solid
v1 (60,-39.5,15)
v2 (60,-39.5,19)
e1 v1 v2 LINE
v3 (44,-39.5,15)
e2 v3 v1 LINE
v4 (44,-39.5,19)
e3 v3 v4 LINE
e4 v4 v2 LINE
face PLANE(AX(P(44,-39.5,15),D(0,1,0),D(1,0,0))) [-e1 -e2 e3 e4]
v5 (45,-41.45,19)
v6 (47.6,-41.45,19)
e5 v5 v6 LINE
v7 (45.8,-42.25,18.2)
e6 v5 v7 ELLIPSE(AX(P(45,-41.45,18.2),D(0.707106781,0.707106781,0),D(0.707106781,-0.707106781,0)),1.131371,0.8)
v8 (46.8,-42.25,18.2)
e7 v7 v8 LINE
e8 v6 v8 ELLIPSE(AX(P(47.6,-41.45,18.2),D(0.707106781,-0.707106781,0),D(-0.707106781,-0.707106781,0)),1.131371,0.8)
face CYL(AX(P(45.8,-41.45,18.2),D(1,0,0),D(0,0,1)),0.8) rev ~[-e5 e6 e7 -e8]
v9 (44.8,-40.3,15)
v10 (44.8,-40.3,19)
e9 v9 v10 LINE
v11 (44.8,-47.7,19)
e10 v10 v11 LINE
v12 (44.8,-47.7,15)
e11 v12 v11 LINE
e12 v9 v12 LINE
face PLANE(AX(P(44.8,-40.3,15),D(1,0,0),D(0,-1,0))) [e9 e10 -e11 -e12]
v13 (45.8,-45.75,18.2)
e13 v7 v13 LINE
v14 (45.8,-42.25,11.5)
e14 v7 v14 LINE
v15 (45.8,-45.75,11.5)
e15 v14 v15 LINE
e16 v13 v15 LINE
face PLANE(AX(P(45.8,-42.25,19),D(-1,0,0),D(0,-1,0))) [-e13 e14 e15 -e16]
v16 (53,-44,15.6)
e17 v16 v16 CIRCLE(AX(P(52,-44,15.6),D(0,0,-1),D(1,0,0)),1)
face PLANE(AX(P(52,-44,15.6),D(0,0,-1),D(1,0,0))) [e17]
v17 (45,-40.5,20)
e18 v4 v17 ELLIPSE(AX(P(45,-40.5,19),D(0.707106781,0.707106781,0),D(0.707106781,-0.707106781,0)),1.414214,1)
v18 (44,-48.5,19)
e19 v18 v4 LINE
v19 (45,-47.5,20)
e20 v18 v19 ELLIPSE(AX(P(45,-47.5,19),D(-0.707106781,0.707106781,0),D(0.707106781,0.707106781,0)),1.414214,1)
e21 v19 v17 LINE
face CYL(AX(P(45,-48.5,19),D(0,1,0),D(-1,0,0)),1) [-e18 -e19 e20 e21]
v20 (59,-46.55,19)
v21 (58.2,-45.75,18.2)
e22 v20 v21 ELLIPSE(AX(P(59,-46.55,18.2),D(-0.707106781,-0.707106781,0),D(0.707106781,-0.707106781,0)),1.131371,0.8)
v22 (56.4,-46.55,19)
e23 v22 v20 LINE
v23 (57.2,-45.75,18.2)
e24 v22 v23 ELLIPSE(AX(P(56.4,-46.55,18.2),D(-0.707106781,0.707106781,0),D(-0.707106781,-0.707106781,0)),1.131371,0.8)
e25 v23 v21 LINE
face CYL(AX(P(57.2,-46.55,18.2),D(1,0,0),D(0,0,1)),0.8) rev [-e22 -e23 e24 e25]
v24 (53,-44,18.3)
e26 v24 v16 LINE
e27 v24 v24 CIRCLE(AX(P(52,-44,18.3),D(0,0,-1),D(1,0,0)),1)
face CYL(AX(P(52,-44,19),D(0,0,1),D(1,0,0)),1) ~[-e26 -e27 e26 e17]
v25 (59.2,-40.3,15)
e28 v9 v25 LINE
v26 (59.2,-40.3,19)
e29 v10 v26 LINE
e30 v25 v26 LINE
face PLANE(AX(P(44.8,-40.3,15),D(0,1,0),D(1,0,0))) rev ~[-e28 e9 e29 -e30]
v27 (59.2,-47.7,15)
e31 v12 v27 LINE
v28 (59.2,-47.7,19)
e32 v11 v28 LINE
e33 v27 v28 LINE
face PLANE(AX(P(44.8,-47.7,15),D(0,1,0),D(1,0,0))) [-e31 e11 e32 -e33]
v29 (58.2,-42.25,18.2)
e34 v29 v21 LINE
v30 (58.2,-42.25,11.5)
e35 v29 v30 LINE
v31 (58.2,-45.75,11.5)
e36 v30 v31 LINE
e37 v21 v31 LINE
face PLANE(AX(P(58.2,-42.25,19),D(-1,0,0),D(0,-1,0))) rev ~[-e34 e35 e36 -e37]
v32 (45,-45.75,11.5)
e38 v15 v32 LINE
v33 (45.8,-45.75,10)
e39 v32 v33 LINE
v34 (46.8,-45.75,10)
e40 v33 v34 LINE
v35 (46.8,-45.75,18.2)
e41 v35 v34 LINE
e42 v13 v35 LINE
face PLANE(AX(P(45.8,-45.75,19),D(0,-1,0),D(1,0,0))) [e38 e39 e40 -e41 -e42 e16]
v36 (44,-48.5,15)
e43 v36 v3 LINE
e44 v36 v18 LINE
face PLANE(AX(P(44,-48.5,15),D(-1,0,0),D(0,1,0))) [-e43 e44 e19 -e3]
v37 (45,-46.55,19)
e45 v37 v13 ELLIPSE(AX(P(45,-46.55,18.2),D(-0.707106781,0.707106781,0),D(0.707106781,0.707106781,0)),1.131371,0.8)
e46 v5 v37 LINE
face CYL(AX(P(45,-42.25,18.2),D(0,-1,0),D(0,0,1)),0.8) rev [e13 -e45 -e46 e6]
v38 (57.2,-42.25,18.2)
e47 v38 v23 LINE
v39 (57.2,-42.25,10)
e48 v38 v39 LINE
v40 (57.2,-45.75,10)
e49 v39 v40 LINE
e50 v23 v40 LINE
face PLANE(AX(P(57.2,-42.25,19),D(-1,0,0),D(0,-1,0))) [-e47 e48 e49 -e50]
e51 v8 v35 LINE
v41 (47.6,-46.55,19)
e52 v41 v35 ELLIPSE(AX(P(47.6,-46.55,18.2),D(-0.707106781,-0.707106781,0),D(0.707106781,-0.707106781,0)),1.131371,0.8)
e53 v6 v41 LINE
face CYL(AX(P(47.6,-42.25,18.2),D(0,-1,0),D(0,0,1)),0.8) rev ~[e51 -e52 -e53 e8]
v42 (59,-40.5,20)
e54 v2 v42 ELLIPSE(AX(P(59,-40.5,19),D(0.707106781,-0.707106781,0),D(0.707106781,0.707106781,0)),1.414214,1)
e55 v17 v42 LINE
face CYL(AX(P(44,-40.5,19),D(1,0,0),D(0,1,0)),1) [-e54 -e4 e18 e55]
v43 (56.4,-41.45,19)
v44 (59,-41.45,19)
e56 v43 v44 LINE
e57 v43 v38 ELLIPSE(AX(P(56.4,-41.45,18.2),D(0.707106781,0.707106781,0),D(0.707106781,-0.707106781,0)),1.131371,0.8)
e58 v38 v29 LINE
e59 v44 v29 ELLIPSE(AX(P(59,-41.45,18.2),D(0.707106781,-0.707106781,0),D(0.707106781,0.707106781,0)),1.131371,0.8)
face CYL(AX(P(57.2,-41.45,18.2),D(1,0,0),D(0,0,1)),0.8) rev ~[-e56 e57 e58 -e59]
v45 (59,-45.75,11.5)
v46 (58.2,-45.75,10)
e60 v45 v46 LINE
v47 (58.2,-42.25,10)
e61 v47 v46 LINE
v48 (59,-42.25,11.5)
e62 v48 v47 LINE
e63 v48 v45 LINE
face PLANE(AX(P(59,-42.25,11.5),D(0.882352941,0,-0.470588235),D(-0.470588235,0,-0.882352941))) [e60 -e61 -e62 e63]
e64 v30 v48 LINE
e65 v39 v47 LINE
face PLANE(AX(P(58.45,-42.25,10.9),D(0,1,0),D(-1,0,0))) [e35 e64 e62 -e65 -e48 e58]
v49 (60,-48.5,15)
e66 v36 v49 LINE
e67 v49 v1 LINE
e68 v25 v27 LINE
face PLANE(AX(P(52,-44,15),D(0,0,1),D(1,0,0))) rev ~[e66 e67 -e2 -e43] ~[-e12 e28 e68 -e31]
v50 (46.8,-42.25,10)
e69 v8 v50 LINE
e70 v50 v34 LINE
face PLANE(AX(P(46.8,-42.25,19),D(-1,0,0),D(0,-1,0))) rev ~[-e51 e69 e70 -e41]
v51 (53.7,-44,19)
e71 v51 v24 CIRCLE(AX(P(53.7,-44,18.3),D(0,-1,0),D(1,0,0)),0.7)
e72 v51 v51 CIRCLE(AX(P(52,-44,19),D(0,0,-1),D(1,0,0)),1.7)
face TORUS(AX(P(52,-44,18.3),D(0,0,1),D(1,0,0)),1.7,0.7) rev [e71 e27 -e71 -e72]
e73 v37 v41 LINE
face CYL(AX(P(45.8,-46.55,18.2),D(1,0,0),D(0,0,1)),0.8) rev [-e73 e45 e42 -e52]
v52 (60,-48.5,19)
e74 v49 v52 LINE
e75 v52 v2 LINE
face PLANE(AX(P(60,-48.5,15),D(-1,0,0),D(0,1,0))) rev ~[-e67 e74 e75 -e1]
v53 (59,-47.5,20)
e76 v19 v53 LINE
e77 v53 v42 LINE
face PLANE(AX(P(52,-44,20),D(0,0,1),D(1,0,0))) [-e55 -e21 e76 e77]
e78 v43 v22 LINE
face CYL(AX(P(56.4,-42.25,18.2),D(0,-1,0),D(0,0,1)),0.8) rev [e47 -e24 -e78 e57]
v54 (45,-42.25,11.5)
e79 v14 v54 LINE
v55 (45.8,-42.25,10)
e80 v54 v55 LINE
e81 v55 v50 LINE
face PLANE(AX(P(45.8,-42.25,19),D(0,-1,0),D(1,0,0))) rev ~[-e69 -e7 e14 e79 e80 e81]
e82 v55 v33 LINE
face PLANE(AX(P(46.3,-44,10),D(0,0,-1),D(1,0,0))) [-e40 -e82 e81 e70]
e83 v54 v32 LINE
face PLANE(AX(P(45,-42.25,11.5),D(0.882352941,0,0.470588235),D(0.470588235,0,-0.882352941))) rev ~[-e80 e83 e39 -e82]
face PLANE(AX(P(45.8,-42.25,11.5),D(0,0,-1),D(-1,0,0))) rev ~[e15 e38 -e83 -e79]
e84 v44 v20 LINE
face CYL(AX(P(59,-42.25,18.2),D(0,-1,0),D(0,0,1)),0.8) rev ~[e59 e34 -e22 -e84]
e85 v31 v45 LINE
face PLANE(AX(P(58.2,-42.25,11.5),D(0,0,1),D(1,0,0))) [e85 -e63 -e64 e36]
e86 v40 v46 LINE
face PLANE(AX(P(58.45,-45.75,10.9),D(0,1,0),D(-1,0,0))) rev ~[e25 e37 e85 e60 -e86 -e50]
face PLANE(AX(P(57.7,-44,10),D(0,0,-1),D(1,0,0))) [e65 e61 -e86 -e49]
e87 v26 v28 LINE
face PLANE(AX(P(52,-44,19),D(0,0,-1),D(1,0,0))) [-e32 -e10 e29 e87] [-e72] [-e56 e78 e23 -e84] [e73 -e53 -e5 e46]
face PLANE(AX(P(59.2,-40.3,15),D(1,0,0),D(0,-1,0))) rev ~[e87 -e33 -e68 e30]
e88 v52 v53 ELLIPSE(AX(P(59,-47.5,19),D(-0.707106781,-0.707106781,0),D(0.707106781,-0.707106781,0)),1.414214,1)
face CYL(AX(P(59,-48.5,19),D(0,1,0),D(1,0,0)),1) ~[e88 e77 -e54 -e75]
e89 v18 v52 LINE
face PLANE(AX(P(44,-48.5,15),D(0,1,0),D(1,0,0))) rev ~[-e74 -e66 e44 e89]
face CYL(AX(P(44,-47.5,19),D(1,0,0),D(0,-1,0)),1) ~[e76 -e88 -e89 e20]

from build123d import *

# Parameters (mm, degrees)
SKETCH036_W     = 16
SKETCH036_H     = 9
PAD021_DEPTH    = 5
SKETCH037_W     = 14.4
SKETCH037_H     = 7.4
POCKET013_DEPTH = 4
SKETCH038_W     = 1
SKETCH038_H     = 3.5
PAD022_DEPTH    = 9
PAD023_DEPTH    = 3.5
SKETCH041_R     = 1
PAD025_DEPTH    = 3.4
FILLET002_R     = 1
FILLET007_R     = 0.7
FILLET011_R     = 0.8


with BuildPart() as part:
    # Sketch036 → Pad021 (new body)
    with BuildSketch(Plane.XY):
        Rectangle(SKETCH036_W, SKETCH036_H)
    extrude(amount=PAD021_DEPTH)

    # Sketch037 (on Face5 of Pad021) → Pocket013 (cut)
    with BuildSketch(Plane(origin=(0, 0, 0), x_dir=(1, 0, 0), z_dir=(0, 0, -1))):
        Rectangle(SKETCH037_W, SKETCH037_H)
    extrude(amount=-POCKET013_DEPTH, mode=Mode.SUBTRACT)

    # Sketch038 (on Face11 of Pocket013) → Pad022 (join)
    with BuildSketch(Plane(origin=(0, 0, 4), x_dir=(1, 0, 0), z_dir=(0, 0, -1))):
        with Locations((-5.7, 0)):
            Rectangle(SKETCH038_W, SKETCH038_H)
        with Locations((5.7, 0)):
            Rectangle(SKETCH038_W, SKETCH038_H)
    extrude(amount=PAD022_DEPTH)

    # Sketch039 (on Face17 of Pad022) → Pad023 (join)
    with BuildSketch(Plane(origin=(0, 1.75, 0), x_dir=(-1, 0, 0), z_dir=(0, 1, 0))):
        Polygon((-6.2, -3.5), (-7, -3.5), (-6.2, -5), align=None)
        Polygon((6.2, -3.5), (7, -3.5), (6.2, -5), align=None)
    extrude(amount=-PAD023_DEPTH)

    # Sketch041 (on Face11 of Pad023) → Pad025 (join)
    with BuildSketch(Plane(origin=(0, 0, 4), x_dir=(1, 0, 0), z_dir=(0, 0, -1))):
        Circle(SKETCH041_R)
    extrude(amount=PAD025_DEPTH)

    # Fillet002
    fillet002_edges = [part.edges().sort_by_distance(p)[0] for p in [
        (0, 4.5, 5),
        (-8, 0, 5),
        (0, -4.5, 5),
        (8, 0, 5),
    ]]
    fillet(fillet002_edges, radius=FILLET002_R)

    # Fillet007
    fillet007_edges = [part.edges().sort_by_distance(p)[0] for p in [
        (-1, 0, 4),
    ]]
    fillet(fillet007_edges, radius=FILLET007_R)

    # Fillet011
    fillet011_edges = [part.edges().sort_by_distance(p)[0] for p in [
        (5.2, 0, 4),
        (5.7, 1.75, 4),
        (6.2, 0, 4),
        (5.7, -1.75, 4),
        (-5.7, -1.75, 4),
        (-6.2, 0, 4),
        (-5.2, 0, 4),
        (-5.7, 1.75, 4),
    ]]
    fillet(fillet011_edges, radius=FILLET011_R)


with BuildPart() as part_1:
    # Body008 placement: moved
    add(part.part.moved(Location((-33, -44, 15))))


with BuildPart() as part_2:
    # Clone004 placement: moved
    add(part_1.part.moved(Location((0, 0, 4))))


with BuildPart() as part_3:
    # Body013 placement: moved
    add(part_2.part.moved(Location((85, 0, -4))))


solid = part_3.part
